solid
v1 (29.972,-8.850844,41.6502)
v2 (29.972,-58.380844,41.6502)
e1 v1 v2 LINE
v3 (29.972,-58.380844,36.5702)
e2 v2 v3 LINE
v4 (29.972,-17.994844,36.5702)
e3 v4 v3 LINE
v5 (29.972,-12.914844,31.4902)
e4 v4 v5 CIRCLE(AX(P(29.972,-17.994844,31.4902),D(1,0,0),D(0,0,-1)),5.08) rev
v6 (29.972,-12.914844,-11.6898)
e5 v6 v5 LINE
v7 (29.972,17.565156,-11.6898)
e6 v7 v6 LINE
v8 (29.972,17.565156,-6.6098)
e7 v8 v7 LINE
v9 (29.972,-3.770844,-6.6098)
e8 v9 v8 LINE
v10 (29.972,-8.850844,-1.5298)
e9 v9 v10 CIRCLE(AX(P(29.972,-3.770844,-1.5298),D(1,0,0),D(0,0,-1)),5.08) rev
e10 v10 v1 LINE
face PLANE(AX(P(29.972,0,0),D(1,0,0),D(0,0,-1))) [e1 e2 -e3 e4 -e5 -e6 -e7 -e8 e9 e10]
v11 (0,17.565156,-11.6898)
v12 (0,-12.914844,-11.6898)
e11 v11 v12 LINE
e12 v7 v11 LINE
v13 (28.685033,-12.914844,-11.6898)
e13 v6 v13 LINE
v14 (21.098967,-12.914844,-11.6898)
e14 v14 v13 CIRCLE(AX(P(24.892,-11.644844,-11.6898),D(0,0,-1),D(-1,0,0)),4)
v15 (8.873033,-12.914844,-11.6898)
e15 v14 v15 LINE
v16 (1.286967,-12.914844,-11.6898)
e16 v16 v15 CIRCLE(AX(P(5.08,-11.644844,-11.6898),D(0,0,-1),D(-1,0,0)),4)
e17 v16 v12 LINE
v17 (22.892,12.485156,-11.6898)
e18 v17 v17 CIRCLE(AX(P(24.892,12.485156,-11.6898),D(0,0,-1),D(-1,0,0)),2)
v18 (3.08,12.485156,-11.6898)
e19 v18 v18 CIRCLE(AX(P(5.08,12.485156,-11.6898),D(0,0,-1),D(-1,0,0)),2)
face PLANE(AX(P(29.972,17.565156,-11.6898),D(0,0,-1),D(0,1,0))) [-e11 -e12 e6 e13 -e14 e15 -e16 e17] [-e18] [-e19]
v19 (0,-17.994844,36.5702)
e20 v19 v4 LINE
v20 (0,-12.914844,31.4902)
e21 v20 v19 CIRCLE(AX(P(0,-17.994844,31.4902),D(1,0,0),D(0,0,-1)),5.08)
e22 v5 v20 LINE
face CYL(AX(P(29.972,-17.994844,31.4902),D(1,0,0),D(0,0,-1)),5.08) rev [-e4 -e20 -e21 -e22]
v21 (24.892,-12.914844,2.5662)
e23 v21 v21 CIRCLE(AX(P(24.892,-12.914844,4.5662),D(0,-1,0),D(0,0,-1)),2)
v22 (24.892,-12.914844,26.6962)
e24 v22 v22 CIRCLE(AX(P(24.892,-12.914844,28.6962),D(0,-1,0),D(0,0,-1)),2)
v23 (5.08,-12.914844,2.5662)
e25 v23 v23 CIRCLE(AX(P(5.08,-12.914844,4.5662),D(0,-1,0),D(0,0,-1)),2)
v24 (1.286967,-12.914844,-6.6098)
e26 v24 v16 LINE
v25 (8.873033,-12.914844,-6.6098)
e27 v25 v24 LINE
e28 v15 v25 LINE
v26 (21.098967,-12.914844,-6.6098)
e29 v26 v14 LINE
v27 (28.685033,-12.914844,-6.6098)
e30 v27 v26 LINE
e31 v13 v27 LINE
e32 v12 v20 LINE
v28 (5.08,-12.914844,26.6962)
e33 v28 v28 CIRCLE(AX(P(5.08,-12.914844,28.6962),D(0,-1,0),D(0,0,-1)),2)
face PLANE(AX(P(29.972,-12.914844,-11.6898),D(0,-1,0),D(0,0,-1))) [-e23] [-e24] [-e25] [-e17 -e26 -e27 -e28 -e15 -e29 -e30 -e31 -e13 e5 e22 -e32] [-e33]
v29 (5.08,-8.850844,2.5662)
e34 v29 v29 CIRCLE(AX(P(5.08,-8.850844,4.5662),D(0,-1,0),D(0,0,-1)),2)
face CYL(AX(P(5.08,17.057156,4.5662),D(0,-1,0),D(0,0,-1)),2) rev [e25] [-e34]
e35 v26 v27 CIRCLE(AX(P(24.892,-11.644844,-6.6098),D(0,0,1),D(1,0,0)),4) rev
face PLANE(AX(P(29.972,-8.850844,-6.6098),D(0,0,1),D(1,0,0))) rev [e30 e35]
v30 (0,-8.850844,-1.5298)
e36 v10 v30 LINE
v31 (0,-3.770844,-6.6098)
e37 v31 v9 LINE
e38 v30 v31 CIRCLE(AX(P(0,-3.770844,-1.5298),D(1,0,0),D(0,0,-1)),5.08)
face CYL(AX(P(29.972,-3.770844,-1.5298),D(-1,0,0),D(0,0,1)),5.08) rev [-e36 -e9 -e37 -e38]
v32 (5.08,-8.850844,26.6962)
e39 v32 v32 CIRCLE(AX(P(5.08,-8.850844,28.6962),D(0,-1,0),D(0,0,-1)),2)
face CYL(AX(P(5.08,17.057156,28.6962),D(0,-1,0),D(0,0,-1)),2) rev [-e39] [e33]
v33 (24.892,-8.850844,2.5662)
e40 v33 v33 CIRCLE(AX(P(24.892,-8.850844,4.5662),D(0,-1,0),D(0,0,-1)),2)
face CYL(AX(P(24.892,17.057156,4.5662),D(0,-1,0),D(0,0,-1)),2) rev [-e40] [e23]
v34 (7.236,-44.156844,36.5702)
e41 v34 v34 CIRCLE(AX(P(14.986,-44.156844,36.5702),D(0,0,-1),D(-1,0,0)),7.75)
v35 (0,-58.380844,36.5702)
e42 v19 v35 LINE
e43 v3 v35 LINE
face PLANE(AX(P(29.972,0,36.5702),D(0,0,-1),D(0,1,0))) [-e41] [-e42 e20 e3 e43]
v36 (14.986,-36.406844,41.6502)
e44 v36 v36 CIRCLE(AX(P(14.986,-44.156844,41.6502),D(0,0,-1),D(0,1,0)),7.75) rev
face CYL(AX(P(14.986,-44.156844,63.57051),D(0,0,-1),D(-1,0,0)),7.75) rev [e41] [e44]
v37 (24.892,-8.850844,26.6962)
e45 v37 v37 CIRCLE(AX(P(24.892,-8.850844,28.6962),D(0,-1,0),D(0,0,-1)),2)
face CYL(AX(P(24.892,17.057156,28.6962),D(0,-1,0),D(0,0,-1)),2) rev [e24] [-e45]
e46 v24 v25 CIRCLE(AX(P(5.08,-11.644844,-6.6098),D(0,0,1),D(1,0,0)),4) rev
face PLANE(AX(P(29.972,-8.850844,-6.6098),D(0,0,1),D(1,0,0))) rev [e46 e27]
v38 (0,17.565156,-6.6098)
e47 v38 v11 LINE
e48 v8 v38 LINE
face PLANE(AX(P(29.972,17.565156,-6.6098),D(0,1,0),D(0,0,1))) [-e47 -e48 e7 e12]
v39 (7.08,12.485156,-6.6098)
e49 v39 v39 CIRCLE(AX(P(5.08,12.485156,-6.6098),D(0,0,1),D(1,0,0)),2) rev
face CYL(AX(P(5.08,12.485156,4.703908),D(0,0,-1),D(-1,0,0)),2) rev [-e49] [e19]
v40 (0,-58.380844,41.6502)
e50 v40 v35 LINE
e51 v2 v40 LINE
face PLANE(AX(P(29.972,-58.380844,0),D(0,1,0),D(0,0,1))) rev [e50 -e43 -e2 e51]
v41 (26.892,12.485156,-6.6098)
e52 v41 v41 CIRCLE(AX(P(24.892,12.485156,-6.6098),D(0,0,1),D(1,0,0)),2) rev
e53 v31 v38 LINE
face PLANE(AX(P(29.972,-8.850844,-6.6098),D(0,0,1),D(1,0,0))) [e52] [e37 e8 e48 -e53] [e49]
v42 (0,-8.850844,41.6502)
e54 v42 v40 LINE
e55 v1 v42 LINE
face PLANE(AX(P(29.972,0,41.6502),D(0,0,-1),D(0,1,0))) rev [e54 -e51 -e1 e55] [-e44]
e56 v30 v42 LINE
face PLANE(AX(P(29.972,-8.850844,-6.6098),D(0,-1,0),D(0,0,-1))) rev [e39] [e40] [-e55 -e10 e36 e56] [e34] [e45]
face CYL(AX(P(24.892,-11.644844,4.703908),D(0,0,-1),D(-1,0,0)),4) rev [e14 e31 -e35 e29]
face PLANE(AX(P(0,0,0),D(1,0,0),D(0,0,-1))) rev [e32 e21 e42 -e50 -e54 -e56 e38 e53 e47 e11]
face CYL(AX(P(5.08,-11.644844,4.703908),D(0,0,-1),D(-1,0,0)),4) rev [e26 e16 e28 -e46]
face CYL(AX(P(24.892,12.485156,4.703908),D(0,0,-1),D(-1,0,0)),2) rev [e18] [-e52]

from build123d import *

# Parameters (mm, degrees)
BOSS_EXTRUDE1_DEPTH = 29.972
FILLET1_R           = 5.08
SKETCH3_R           = 2
SKETCH3_R_2         = 4
CUT_EXTRUDE1_DEPTH  = 5.08
SKETCH4_R           = 2
CUT_EXTRUDE2_DEPTH  = 29.972
SKETCH5_R           = 7.75
CUT_EXTRUDE3_DEPTH  = 5.08


with BuildPart() as part:
    # Sketch2 → Boss-Extrude1 (new body)
    with BuildSketch(Plane(origin=(0, 0, 0), x_dir=(0, 0, -1), z_dir=(1, 0, 0))):
        Polygon((6.609800113, 17.56515608), (6.609800113, -8.85084392), (-41.650199887, -8.85084392), (-41.650199887, -58.38084392), (-36.570199887, -58.38084392), (-36.570199887, -12.91484392), (11.689800113, -12.91484392), (11.689800113, 17.56515608), align=None)
    extrude(amount=BOSS_EXTRUDE1_DEPTH)

    # Fillet1
    fillet1_edges = [part.edges().sort_by_distance(p)[0] for p in [
        (14.986, -8.85084392, -6.609800113),
        (14.986, -12.91484392, 36.570199887),
    ]]
    fillet(fillet1_edges, radius=FILLET1_R)

    # Sketch3 → Cut-Extrude1 (cut)
    with BuildSketch(Plane(origin=(0, 0, -11.689800113), x_dir=(-1, 0, 0), z_dir=(0, 0, -1))):
        with Locations((-24.892, 12.48515608)):
            Circle(SKETCH3_R)
        with Locations((-5.08, 12.48515608)):
            Circle(SKETCH3_R)
        with Locations((-5.08, -11.64484392)):
            Circle(SKETCH3_R_2)
        with Locations((-24.892, -11.64484392)):
            Circle(SKETCH3_R_2)
    extrude(amount=-CUT_EXTRUDE1_DEPTH, mode=Mode.SUBTRACT)

    # Sketch4 → Cut-Extrude2 (cut)
    with BuildSketch(Plane.XZ.offset(12.91484392)):
        with Locations(Location((24.892, 4.566199887, 0), (0, 0, 270))):
            Circle(SKETCH4_R)
        with Locations(Location((5.08, 4.566199887, 0), (0, 0, 270))):
            Circle(SKETCH4_R)
        with Locations(Location((24.892, 28.696199887, 0), (0, 0, 270))):
            Circle(SKETCH4_R)
        with Locations(Location((5.08, 28.696199887, 0), (0, 0, 270))):
            Circle(SKETCH4_R)
    extrude(amount=-CUT_EXTRUDE2_DEPTH, mode=Mode.SUBTRACT)

    # Sketch5 → Cut-Extrude3 (cut)
    with BuildSketch(Plane(origin=(0, 0, 36.570199887), x_dir=(-1, 0, 0), z_dir=(0, 0, -1))):
        with Locations((-14.986, -44.15684392)):
            Circle(SKETCH5_R)
    extrude(amount=-CUT_EXTRUDE3_DEPTH, mode=Mode.SUBTRACT)


solid = part.part
